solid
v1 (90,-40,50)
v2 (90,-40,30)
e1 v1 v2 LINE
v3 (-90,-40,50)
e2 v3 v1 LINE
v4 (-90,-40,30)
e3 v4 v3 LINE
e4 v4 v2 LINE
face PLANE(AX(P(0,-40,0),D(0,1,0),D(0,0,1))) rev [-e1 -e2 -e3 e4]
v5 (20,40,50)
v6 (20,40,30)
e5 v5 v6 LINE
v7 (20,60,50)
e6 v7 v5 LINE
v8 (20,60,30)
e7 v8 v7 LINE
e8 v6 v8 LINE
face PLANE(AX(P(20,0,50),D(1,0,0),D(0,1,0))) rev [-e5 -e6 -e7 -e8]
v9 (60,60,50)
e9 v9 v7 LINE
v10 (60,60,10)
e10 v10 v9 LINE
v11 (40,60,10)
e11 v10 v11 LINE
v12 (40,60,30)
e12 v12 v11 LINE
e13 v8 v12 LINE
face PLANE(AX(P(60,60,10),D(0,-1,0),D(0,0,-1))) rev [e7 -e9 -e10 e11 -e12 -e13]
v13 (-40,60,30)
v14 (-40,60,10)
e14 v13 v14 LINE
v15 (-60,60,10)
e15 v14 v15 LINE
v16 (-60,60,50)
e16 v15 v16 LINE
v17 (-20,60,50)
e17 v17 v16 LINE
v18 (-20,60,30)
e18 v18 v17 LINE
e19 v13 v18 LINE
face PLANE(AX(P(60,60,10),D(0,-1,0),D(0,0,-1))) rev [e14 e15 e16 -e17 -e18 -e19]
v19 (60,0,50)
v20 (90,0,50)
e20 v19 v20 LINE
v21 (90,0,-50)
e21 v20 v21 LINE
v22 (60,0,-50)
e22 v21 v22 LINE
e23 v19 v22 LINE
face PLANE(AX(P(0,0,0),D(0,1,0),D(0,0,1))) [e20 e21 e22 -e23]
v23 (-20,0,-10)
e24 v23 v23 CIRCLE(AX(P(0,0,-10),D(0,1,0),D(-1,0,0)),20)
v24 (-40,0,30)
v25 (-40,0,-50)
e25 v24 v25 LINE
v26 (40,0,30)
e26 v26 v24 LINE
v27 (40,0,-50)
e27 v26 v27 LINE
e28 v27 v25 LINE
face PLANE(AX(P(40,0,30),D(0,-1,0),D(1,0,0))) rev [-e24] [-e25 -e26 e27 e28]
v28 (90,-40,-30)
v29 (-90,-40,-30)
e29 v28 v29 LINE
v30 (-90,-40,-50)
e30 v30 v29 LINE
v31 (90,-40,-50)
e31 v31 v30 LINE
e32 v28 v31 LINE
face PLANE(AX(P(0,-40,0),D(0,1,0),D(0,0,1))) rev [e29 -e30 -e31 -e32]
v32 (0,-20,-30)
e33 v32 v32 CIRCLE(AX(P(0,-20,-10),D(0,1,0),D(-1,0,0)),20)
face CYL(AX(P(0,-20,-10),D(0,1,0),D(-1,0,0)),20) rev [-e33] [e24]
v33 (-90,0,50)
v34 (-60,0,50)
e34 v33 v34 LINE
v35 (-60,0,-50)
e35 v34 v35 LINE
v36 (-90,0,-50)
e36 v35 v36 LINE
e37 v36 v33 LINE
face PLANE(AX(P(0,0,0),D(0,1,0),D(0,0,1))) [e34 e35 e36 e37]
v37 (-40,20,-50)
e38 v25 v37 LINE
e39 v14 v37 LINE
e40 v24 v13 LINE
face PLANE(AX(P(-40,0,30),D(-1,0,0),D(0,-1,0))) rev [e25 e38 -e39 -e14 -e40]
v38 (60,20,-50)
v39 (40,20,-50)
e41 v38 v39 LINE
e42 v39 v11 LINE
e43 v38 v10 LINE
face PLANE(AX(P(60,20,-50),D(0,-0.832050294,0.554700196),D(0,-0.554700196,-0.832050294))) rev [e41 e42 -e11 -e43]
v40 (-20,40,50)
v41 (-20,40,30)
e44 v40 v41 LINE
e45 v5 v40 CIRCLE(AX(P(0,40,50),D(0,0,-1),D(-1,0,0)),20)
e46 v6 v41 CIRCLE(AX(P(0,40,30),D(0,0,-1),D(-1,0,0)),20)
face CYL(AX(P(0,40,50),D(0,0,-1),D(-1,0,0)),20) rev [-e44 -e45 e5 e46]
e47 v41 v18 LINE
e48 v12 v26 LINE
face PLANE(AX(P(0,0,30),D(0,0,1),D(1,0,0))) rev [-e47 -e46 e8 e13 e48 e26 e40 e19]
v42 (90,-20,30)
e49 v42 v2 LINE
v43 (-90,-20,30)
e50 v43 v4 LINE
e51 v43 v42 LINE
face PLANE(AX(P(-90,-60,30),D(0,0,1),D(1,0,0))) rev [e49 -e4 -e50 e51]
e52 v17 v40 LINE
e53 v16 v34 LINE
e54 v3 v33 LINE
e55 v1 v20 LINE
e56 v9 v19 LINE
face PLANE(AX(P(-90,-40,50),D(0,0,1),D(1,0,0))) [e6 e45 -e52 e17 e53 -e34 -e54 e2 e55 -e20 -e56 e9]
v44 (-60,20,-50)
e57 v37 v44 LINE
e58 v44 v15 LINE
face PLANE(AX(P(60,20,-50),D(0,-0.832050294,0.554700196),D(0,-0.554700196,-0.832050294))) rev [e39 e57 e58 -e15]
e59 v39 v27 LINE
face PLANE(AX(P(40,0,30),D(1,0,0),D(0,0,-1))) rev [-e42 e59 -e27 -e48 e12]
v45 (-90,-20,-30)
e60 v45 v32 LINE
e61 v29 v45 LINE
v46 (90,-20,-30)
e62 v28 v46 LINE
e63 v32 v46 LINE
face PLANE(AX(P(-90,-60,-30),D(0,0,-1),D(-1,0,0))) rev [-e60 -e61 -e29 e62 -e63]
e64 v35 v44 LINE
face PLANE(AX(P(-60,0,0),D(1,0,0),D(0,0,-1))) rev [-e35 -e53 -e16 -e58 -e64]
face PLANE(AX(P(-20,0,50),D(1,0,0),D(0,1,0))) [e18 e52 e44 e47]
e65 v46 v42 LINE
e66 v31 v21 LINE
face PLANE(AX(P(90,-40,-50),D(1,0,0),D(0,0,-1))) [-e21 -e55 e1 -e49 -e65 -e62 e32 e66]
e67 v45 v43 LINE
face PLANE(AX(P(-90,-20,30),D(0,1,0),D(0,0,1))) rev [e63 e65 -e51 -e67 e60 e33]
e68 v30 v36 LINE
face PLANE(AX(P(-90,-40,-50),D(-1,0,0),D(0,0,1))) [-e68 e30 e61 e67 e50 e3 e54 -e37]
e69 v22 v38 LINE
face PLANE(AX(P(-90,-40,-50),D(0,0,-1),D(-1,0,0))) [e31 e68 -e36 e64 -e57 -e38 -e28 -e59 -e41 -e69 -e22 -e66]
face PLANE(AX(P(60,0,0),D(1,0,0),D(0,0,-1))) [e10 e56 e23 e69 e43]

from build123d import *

# Parameters (mm, degrees)
SKETCH2_W           = 180
SKETCH2_H           = 100
BOSS_EXTRUDE2_DEPTH = 40
BOSS_EXTRUDE3_DEPTH = 60
SKETCH7_W           = 60
SKETCH7_H           = 40
CUT_EXTRUDE1_DEPTH  = 197.214168703
SKETCH15_W          = 80
SKETCH15_H          = 60
CUT_EXTRUDE2_DEPTH  = 80
CUT_EXTRUDE3_DEPTH  = 20
SKETCH20_R          = 20
CUT_EXTRUDE5_DEPTH  = 20


with BuildPart() as part:
    # Sketch2 → Boss-Extrude2 (new body)
    with BuildSketch(Plane(origin=(0, 0, 0), x_dir=(1, 0, 0), z_dir=(0, 1, 0))):
        Rectangle(SKETCH2_W, SKETCH2_H)
    extrude(amount=-BOSS_EXTRUDE2_DEPTH)

    # Sketch6 → Boss-Extrude3 (add, symmetric)
    with BuildSketch(Plane(origin=(0, 0, 0), x_dir=(0, 0, -1), z_dir=(1, 0, 0))):
        Polygon((50, 0), (50, 20), (-10, 60), (-50, 60), (-50, 0), align=None)
    extrude(amount=BOSS_EXTRUDE3_DEPTH, both=True)

    # Sketch7 → Cut-Extrude1 (cut, through all)
    with BuildSketch(Plane(origin=(90, 0, 0), x_dir=(0, 0, -1), z_dir=(1, 0, 0))):
        with Locations((0, -40)):
            Rectangle(SKETCH7_W, SKETCH7_H)
    extrude(amount=-CUT_EXTRUDE1_DEPTH, mode=Mode.SUBTRACT)

    # Sketch15 → Cut-Extrude2 (cut)
    with BuildSketch(Plane(origin=(0, 0, -50), x_dir=(-1, 0, 0), z_dir=(0, 0, -1))):
        with Locations((0, 30)):
            Rectangle(SKETCH15_W, SKETCH15_H)
    extrude(amount=-CUT_EXTRUDE2_DEPTH, mode=Mode.SUBTRACT)

    # Sketch16 → Cut-Extrude3 (cut)
    with BuildSketch(Plane(origin=(0, 0, 30), x_dir=(-1, 0, 0), z_dir=(0, 0, -1))):
        Polygon((20, 80), (-20, 80), (-20, 60), (1.28e-07, 60), (20, 60), align=None)
        with BuildLine():
            Line((1.28e-07, 60), (-20, 60))
            Line((-20, 60), (-20, 40))
            ThreePointArc((-20, 40), (-14.142135579, 54.142135669), (1.28e-07, 60))
        make_face()
        with BuildLine():
            ThreePointArc((1.28e-07, 60), (-14.142135579, 54.142135669), (-20, 40))
            Line((-20, 40), (20, 40))
            ThreePointArc((20, 40), (14.142135669, 54.142135579), (1.28e-07, 60))
        make_face()
        with BuildLine():
            Line((20, 40), (-20, 40))
            ThreePointArc((-20, 40), (0, 20), (20, 40))
        make_face()
        with BuildLine():
            Line((20, 40), (20, 60))
            Line((20, 60), (1.28e-07, 60))
            ThreePointArc((1.28e-07, 60), (14.142135669, 54.142135579), (20, 40))
        make_face()
    extrude(amount=-CUT_EXTRUDE3_DEPTH, mode=Mode.SUBTRACT)

    # Sketch20 → Cut-Extrude5 (cut)
    with BuildSketch(Plane(origin=(0, 0, 0), x_dir=(1, 0, 0), z_dir=(0, 1, 0))):
        with Locations(Location((0, 10, 0), (0, 0, 180))):
            Circle(SKETCH20_R)
    extrude(amount=-CUT_EXTRUDE5_DEPTH, mode=Mode.SUBTRACT)


solid = part.part
